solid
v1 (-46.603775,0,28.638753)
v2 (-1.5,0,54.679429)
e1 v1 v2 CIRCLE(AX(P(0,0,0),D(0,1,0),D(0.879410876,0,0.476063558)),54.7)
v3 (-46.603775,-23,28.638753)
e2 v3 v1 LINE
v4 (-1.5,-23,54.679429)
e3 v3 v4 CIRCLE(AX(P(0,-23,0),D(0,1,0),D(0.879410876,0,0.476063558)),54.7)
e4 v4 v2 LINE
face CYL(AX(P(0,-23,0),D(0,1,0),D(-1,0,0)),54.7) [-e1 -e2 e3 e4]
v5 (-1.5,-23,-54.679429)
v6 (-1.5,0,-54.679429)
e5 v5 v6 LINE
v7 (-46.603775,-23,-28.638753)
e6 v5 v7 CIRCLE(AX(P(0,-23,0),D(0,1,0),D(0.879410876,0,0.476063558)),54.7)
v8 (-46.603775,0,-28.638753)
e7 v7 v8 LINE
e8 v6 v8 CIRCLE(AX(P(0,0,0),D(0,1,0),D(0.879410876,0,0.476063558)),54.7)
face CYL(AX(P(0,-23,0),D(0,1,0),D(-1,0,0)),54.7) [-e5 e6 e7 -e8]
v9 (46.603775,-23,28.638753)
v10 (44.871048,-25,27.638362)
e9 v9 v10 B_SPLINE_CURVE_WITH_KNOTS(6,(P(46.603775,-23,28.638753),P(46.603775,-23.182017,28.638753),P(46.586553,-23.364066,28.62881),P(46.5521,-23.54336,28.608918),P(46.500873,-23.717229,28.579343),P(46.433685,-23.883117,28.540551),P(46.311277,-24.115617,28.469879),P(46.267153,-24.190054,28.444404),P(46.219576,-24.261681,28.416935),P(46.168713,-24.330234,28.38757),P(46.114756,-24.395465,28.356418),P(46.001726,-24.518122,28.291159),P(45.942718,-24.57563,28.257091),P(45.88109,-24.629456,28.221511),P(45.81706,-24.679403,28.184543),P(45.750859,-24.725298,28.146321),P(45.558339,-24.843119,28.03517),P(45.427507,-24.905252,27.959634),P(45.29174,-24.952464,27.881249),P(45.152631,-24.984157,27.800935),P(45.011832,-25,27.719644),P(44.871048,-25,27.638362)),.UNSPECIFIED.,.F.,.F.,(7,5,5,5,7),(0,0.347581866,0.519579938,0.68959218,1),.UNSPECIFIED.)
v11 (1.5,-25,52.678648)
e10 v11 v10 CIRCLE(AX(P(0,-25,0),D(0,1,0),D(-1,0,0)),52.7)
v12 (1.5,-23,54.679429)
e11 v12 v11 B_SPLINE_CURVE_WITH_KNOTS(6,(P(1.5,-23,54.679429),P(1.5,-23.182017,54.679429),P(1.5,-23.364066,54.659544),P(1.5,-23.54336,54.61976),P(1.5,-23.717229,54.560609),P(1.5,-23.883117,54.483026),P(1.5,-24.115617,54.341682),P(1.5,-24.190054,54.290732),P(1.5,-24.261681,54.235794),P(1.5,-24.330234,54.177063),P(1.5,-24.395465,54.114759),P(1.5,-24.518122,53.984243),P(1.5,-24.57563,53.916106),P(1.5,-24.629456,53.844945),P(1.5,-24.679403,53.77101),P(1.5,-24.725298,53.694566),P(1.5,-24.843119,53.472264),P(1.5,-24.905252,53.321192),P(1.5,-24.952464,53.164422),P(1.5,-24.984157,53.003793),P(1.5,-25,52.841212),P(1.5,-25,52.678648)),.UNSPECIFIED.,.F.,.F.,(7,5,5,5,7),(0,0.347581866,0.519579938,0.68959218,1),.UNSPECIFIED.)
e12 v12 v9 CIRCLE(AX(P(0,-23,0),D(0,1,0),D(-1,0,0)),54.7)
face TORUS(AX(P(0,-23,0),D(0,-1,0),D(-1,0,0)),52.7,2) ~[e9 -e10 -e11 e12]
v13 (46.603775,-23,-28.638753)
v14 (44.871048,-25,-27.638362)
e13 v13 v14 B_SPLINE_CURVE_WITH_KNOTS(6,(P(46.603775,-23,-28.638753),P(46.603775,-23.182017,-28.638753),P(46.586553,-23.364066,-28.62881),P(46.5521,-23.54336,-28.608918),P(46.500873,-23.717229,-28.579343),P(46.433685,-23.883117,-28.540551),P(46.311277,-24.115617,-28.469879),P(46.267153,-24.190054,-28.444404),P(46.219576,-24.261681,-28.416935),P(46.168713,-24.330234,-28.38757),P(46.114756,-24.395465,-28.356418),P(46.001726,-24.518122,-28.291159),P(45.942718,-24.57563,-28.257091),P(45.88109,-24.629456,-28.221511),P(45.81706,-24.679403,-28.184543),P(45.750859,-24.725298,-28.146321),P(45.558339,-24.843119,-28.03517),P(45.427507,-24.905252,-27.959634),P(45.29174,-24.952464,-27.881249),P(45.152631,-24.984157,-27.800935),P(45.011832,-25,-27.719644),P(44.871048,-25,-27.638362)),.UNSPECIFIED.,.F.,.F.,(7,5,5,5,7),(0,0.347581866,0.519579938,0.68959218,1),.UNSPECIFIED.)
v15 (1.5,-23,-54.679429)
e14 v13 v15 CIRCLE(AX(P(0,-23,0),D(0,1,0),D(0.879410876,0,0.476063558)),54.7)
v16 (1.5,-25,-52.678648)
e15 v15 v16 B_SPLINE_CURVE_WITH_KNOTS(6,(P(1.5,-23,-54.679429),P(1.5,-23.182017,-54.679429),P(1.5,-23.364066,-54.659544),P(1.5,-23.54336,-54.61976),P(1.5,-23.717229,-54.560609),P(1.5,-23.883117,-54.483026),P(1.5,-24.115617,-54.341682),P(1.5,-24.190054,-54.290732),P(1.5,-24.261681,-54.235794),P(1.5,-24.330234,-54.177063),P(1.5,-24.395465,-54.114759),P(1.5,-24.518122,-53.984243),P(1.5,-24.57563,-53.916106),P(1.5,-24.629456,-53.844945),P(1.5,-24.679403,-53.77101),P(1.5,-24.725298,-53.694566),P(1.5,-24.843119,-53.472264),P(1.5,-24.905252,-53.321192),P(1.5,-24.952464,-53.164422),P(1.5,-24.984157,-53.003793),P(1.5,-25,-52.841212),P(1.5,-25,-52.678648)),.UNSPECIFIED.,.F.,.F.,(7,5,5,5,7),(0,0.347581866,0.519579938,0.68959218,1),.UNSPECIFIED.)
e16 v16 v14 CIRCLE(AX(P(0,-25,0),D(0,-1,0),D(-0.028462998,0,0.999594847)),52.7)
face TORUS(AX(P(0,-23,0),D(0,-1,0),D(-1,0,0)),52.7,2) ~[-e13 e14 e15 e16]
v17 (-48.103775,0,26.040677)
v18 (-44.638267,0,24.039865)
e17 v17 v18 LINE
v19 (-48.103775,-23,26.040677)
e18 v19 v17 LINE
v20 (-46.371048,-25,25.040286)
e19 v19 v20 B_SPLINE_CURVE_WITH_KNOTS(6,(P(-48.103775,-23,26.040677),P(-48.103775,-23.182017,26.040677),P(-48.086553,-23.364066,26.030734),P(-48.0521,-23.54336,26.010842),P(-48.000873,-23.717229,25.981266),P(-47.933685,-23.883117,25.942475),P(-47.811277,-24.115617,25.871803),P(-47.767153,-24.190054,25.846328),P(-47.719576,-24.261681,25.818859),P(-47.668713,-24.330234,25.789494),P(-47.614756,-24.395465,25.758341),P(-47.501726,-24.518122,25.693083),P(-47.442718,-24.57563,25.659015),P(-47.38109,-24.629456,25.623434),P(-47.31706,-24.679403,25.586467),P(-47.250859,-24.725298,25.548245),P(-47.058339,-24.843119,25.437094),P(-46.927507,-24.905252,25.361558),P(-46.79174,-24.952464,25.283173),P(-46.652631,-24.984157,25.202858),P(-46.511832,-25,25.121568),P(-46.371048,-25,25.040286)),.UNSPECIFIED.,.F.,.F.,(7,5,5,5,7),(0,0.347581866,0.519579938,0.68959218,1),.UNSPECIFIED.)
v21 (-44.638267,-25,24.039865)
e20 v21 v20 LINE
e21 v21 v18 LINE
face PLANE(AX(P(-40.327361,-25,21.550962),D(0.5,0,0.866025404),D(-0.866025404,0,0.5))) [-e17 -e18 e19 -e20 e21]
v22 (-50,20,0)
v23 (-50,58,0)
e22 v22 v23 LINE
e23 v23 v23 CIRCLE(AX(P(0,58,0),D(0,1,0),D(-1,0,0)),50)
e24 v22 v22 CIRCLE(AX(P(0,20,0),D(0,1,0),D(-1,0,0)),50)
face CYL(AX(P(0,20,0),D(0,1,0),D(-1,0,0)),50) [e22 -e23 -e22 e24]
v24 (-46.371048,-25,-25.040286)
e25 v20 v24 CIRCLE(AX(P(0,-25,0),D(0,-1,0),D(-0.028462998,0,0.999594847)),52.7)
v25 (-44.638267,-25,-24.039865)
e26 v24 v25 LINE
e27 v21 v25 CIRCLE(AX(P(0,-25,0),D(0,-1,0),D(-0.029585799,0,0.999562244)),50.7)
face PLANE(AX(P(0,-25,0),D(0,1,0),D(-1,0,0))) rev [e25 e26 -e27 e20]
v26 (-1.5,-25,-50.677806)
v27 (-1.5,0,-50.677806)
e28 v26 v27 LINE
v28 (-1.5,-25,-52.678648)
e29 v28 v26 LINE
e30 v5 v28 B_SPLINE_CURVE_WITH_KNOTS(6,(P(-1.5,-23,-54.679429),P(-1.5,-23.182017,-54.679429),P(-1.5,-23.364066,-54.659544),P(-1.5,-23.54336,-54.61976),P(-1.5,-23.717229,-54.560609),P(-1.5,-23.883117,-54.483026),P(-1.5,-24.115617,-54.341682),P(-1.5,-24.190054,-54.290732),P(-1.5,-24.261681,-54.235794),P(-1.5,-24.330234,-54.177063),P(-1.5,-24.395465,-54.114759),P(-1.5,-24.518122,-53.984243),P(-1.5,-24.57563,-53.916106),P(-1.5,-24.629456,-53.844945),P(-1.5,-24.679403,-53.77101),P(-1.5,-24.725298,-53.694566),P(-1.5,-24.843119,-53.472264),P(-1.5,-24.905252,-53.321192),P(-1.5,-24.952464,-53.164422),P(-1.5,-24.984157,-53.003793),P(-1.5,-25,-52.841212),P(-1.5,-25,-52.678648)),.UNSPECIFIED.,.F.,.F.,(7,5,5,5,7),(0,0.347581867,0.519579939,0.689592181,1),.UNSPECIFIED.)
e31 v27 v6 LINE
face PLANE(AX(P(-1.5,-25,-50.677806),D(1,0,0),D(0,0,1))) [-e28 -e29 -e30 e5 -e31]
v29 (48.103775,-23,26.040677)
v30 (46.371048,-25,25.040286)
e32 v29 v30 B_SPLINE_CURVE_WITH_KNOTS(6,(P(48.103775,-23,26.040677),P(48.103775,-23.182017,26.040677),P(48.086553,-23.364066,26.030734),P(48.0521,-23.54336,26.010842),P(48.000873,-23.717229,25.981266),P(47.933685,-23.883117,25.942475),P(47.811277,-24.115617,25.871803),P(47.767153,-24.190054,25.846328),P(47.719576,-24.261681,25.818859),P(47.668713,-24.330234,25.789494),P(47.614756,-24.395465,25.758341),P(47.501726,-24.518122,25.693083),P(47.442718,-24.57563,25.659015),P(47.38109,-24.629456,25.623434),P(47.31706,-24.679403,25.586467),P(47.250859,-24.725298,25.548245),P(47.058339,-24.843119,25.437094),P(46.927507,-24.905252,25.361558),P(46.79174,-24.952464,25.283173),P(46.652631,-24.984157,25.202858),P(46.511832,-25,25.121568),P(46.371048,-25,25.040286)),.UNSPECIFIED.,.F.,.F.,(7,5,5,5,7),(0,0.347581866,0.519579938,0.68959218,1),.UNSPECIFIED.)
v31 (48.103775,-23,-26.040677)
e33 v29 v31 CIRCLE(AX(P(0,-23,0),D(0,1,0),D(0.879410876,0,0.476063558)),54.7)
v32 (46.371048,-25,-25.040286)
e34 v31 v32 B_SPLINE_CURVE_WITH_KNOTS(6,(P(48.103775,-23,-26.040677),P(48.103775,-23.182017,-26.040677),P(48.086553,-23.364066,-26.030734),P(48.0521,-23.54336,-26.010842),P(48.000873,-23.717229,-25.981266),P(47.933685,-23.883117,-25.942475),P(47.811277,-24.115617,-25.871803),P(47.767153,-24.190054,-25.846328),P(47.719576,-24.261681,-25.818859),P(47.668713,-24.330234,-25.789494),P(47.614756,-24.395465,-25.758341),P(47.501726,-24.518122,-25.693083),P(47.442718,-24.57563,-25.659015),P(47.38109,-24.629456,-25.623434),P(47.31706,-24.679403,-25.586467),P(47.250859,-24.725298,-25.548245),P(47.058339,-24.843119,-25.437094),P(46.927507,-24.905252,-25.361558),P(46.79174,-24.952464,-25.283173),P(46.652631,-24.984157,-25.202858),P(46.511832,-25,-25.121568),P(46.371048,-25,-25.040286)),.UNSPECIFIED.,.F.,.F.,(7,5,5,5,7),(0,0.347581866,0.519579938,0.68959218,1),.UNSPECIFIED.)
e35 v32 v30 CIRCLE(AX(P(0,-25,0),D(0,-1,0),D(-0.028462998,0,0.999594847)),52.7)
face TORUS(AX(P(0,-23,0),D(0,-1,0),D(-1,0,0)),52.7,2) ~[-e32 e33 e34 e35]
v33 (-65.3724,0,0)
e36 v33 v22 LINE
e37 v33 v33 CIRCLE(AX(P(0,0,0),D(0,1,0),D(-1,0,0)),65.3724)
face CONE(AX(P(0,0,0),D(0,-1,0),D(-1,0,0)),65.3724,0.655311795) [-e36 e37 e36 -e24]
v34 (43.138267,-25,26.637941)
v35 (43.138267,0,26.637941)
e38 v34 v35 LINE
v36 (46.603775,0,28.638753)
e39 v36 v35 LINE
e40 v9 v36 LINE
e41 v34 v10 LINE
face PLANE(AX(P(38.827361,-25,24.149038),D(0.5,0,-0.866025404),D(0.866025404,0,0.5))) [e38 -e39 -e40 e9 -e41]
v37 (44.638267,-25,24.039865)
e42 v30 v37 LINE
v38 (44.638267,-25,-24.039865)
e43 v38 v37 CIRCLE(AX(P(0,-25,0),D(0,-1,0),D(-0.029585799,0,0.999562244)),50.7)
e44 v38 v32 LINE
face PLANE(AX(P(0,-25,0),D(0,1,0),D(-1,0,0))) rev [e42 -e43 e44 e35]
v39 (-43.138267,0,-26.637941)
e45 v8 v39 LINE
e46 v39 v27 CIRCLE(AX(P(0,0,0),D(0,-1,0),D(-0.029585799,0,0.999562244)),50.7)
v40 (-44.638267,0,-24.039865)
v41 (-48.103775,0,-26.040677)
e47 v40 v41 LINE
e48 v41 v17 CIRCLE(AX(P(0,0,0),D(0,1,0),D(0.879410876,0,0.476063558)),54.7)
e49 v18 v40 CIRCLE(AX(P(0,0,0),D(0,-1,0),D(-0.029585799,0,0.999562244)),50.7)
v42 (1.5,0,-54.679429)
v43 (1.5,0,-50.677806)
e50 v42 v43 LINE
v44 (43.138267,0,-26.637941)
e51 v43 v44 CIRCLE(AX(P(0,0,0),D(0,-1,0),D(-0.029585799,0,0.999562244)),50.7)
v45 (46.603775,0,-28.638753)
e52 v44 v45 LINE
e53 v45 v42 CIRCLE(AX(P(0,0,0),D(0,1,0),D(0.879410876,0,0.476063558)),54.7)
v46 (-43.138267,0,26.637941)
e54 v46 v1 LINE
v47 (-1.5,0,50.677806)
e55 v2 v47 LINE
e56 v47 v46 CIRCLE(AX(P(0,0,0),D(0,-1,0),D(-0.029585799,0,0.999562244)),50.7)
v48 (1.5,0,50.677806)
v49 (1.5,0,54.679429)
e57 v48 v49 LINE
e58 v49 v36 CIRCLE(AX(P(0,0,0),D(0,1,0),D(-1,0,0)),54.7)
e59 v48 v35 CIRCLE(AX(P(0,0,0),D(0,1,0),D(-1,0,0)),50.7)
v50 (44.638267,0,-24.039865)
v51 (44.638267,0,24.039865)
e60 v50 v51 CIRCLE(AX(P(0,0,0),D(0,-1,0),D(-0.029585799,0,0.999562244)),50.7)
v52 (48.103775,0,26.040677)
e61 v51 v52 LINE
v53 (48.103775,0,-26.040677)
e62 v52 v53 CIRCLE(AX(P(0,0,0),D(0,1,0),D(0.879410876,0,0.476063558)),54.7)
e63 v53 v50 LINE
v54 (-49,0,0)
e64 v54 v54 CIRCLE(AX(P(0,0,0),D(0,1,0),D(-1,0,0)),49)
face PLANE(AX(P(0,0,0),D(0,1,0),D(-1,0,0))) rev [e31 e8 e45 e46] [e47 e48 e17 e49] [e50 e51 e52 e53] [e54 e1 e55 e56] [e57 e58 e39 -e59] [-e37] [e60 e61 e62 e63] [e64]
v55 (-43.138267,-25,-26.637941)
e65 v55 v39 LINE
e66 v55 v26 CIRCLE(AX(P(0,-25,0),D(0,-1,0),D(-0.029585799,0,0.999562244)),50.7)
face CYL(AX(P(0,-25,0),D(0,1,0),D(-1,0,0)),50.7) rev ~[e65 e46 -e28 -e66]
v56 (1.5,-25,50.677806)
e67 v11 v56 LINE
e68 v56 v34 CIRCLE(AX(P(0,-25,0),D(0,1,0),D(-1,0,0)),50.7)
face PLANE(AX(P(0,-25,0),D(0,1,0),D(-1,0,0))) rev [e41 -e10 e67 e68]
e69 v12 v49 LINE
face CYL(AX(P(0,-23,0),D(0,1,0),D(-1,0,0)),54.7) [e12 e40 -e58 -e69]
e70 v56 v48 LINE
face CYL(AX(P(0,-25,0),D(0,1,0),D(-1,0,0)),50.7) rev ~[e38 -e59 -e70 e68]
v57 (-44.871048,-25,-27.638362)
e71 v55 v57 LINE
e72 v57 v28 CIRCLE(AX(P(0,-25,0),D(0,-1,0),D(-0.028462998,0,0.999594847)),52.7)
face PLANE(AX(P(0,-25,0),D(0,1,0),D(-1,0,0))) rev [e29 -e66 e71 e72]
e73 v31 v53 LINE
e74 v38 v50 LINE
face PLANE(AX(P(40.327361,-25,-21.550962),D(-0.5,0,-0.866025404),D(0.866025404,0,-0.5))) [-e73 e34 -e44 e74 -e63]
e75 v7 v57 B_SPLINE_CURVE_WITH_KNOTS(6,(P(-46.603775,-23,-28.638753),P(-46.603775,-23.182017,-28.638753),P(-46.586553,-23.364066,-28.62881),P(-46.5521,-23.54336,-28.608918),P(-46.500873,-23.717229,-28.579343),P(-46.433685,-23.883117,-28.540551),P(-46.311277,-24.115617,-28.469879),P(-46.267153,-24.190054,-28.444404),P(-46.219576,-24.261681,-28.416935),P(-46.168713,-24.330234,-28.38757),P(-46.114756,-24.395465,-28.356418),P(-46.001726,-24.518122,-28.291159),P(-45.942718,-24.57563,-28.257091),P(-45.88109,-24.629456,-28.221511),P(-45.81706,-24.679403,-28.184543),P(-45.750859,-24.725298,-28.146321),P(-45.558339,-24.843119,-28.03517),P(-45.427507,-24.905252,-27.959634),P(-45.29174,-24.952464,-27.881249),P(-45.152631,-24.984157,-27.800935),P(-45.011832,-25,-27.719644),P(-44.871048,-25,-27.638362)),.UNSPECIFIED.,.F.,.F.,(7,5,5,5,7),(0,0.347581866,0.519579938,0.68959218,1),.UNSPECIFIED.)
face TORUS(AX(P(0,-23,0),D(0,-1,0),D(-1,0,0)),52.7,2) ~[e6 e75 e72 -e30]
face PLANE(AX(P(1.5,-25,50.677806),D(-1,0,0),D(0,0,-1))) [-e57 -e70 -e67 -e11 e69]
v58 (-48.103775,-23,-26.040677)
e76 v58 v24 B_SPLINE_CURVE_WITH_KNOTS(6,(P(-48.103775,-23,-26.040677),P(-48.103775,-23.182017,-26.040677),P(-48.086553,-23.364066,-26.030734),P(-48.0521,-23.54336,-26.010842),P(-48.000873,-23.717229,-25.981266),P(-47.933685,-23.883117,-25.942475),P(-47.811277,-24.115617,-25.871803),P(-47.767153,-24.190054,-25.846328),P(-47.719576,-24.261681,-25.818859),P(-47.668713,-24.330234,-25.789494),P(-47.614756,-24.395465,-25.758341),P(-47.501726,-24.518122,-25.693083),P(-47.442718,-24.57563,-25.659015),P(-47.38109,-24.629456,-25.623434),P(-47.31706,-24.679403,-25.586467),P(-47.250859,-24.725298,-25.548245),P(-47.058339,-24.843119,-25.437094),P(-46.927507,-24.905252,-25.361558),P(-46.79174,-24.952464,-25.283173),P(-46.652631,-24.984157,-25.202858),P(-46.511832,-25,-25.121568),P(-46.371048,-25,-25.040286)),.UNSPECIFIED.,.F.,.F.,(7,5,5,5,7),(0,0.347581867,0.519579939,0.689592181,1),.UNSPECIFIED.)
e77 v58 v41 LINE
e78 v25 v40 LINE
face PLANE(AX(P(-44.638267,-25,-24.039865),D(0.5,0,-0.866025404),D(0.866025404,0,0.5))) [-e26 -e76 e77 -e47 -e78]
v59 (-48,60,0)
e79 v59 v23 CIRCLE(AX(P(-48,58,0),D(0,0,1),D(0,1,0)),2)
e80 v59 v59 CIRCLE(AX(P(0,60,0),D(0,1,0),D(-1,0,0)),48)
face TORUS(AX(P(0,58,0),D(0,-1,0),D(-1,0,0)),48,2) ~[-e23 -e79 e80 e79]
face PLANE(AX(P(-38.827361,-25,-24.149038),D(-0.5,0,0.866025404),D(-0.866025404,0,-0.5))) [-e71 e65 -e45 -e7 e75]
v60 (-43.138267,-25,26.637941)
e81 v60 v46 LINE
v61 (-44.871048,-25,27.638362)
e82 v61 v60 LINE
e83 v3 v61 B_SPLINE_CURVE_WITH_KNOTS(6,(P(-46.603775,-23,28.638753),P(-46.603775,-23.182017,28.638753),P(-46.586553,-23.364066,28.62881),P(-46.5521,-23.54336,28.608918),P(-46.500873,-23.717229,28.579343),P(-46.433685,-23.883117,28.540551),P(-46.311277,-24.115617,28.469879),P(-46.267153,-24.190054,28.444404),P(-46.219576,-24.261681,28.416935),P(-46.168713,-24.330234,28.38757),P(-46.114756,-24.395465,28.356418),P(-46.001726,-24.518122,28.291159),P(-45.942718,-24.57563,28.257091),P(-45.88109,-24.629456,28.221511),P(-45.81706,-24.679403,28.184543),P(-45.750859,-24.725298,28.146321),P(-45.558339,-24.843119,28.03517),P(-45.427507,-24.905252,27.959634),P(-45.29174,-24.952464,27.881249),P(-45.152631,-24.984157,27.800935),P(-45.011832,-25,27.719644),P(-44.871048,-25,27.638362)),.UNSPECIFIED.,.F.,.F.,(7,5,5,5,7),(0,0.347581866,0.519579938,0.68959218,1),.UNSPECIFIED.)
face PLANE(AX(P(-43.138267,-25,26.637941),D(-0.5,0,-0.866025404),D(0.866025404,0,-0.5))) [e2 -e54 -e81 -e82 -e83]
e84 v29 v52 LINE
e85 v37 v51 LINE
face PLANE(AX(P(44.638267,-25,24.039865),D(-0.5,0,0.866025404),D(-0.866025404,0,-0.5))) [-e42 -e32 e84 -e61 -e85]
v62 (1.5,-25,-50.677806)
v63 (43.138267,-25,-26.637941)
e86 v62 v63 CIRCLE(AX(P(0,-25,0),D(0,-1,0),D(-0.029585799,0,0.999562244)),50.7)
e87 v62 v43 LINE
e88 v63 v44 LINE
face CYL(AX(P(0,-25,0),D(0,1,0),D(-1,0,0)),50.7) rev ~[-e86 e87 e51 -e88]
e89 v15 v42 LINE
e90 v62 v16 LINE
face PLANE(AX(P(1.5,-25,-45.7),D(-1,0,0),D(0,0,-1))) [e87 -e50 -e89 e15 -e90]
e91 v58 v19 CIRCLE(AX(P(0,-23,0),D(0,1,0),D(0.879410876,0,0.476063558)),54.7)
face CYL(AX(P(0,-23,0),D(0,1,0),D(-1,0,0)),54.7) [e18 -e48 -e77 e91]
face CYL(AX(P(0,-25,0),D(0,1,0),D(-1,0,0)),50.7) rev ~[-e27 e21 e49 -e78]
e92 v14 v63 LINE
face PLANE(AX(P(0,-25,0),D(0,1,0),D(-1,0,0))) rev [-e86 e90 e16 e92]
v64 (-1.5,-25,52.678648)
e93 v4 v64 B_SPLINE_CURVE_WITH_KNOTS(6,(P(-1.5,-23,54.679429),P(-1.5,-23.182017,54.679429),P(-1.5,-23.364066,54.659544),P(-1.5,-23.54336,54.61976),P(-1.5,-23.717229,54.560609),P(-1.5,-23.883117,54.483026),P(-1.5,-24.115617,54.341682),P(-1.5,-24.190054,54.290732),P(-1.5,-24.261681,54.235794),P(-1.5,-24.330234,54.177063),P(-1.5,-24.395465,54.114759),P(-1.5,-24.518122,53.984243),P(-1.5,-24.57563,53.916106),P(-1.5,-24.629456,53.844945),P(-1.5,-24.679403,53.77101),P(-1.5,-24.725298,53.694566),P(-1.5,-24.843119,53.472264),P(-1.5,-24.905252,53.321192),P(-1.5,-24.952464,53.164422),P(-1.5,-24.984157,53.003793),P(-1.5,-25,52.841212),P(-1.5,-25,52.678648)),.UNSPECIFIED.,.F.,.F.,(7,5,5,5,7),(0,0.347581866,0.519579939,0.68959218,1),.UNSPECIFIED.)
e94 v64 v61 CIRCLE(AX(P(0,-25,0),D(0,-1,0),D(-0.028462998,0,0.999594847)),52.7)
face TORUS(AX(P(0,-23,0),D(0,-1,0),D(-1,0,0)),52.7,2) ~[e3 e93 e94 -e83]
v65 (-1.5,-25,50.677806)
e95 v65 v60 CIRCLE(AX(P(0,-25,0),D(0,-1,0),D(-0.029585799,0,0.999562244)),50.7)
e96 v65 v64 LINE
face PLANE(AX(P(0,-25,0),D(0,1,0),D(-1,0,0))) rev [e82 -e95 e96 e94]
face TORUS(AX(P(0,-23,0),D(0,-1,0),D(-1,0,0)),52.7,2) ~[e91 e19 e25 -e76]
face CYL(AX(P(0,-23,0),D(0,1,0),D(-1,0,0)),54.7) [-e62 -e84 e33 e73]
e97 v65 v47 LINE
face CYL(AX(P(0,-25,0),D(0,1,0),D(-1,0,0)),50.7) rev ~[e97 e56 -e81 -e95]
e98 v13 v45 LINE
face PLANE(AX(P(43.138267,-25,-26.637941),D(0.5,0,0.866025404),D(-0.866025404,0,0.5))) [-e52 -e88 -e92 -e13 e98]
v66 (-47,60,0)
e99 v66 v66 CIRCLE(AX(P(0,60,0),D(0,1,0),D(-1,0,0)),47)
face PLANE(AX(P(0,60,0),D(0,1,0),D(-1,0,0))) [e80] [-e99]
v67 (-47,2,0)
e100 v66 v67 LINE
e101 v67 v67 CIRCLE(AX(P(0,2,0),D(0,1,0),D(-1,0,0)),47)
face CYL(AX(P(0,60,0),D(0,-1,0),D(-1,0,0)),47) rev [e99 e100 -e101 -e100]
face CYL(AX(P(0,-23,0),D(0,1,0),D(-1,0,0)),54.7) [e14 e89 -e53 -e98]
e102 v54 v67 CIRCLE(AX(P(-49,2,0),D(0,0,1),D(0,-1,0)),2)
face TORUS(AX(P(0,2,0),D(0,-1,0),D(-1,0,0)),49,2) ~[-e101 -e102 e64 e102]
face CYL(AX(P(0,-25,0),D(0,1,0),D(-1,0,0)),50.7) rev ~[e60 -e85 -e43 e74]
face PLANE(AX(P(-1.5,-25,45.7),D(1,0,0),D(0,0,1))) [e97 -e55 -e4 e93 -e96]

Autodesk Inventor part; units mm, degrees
ref_plane "YZ Plane" through (0, 0, 0) normal (1, 0, 0) x (0, 1, 0)
ref_plane "XZ Plane" through (0, 0, 0) normal (0, 1, 0) x (-1, 0, 0)
ref_plane "XY Plane" through (0, 0, 0) normal (0, 0, 1) x (1, 0, 0)
sketch "Sketch1" plane through (0, 0, 0) normal (0, 0, 1) x (1, 0, 0)
  line L0 (-54.7, 0) -> (-49, 0)
  line L1 (-50.7, -25) -> (-52.7, -25)
  line L2 (-54.7, -23) -> (-54.7, 0)
  line L3 (-47, 20) -> (-50, 20)
  line L4 (-50, 20) -> (-50, 58)
  line L5 (-48, 60) -> (-47, 60)
  line L6 (-47, 60) -> (-47, 20)
  line L7 (-54.7, 0) -> (-65.3724, 0)
  line L8 (-65.3724, 0) -> (-50, 20)
  line L9 (-47, 20) -> (-47, 2)
  arc A0 (-48, 60) -> (-50, 58) centre (-48, 58) ccw
  arc A1 (-54.7, -23) -> (-52.7, -25) centre (-52.7, -23) ccw
  line L10 (0, -42.5799) -> (0, 77.5799) projected
  line L11 (-50.7, -25) -> (-50.7, 0)
  arc A2 (-49, 0) -> (-47, 2) centre (-49, 2) ccw
  point P0 (0, 0)
  point P1 (-47, 0)
  point P2 (-54.7, -25)
  point P3 (-50, 60)
  point P4 (-51.85, 0)
  dimension "d7" = 40
  dimension "d10" = 2
  dimension "d12" = 20
  dimension "d20" = 50
  dimension "d21" = 54.7
  dimension "d22" = 3
  dimension "d23" = 2
  dimension "d24" = 4
revolve "Revolution1" add sketch "Sketch1" angle 360 about axis through (0, -10, 0) along (0, 1, 0)
sketch "Sketch2" plane through (0, -25, 0) normal (0, -1, 0) x (1, 0, 0)
  line L0 (1.5, 45.7) -> (-1.5, 45.7)
  line L1 (-1.5, 45.7) -> (-1.5, 55.7)
  line L2 (-1.5, 55.7) -> (1.5, 55.7)
  line L3 (1.5, 55.7) -> (1.5, 45.7)
  circle A0 centre (0, 0) radius 50.7 projected
  line L4 (1.5, 45.7) -> (-1.5, 55.7) construction
  line L5 (-1.5, 45.7) -> (1.5, 55.7) construction
  point P0 (0, 50.7)
  dimension "d13" = 3
  dimension "d14" = 10
extrude "Extrusion1" cut sketch "Sketch2" against normal blind 25 contours L0 L1 A0 L3 | A0 L1 L2 L3 picked at (0.1667, 47.3658)
pattern_circular "Circular Pattern1" count 6 over 360 about axis through (0, -10, 0) along (0, 1, 0) of "Extrusion1"
properties part number "top-ventilation-tube-adapter-109.6mmID-to-100mmID"
